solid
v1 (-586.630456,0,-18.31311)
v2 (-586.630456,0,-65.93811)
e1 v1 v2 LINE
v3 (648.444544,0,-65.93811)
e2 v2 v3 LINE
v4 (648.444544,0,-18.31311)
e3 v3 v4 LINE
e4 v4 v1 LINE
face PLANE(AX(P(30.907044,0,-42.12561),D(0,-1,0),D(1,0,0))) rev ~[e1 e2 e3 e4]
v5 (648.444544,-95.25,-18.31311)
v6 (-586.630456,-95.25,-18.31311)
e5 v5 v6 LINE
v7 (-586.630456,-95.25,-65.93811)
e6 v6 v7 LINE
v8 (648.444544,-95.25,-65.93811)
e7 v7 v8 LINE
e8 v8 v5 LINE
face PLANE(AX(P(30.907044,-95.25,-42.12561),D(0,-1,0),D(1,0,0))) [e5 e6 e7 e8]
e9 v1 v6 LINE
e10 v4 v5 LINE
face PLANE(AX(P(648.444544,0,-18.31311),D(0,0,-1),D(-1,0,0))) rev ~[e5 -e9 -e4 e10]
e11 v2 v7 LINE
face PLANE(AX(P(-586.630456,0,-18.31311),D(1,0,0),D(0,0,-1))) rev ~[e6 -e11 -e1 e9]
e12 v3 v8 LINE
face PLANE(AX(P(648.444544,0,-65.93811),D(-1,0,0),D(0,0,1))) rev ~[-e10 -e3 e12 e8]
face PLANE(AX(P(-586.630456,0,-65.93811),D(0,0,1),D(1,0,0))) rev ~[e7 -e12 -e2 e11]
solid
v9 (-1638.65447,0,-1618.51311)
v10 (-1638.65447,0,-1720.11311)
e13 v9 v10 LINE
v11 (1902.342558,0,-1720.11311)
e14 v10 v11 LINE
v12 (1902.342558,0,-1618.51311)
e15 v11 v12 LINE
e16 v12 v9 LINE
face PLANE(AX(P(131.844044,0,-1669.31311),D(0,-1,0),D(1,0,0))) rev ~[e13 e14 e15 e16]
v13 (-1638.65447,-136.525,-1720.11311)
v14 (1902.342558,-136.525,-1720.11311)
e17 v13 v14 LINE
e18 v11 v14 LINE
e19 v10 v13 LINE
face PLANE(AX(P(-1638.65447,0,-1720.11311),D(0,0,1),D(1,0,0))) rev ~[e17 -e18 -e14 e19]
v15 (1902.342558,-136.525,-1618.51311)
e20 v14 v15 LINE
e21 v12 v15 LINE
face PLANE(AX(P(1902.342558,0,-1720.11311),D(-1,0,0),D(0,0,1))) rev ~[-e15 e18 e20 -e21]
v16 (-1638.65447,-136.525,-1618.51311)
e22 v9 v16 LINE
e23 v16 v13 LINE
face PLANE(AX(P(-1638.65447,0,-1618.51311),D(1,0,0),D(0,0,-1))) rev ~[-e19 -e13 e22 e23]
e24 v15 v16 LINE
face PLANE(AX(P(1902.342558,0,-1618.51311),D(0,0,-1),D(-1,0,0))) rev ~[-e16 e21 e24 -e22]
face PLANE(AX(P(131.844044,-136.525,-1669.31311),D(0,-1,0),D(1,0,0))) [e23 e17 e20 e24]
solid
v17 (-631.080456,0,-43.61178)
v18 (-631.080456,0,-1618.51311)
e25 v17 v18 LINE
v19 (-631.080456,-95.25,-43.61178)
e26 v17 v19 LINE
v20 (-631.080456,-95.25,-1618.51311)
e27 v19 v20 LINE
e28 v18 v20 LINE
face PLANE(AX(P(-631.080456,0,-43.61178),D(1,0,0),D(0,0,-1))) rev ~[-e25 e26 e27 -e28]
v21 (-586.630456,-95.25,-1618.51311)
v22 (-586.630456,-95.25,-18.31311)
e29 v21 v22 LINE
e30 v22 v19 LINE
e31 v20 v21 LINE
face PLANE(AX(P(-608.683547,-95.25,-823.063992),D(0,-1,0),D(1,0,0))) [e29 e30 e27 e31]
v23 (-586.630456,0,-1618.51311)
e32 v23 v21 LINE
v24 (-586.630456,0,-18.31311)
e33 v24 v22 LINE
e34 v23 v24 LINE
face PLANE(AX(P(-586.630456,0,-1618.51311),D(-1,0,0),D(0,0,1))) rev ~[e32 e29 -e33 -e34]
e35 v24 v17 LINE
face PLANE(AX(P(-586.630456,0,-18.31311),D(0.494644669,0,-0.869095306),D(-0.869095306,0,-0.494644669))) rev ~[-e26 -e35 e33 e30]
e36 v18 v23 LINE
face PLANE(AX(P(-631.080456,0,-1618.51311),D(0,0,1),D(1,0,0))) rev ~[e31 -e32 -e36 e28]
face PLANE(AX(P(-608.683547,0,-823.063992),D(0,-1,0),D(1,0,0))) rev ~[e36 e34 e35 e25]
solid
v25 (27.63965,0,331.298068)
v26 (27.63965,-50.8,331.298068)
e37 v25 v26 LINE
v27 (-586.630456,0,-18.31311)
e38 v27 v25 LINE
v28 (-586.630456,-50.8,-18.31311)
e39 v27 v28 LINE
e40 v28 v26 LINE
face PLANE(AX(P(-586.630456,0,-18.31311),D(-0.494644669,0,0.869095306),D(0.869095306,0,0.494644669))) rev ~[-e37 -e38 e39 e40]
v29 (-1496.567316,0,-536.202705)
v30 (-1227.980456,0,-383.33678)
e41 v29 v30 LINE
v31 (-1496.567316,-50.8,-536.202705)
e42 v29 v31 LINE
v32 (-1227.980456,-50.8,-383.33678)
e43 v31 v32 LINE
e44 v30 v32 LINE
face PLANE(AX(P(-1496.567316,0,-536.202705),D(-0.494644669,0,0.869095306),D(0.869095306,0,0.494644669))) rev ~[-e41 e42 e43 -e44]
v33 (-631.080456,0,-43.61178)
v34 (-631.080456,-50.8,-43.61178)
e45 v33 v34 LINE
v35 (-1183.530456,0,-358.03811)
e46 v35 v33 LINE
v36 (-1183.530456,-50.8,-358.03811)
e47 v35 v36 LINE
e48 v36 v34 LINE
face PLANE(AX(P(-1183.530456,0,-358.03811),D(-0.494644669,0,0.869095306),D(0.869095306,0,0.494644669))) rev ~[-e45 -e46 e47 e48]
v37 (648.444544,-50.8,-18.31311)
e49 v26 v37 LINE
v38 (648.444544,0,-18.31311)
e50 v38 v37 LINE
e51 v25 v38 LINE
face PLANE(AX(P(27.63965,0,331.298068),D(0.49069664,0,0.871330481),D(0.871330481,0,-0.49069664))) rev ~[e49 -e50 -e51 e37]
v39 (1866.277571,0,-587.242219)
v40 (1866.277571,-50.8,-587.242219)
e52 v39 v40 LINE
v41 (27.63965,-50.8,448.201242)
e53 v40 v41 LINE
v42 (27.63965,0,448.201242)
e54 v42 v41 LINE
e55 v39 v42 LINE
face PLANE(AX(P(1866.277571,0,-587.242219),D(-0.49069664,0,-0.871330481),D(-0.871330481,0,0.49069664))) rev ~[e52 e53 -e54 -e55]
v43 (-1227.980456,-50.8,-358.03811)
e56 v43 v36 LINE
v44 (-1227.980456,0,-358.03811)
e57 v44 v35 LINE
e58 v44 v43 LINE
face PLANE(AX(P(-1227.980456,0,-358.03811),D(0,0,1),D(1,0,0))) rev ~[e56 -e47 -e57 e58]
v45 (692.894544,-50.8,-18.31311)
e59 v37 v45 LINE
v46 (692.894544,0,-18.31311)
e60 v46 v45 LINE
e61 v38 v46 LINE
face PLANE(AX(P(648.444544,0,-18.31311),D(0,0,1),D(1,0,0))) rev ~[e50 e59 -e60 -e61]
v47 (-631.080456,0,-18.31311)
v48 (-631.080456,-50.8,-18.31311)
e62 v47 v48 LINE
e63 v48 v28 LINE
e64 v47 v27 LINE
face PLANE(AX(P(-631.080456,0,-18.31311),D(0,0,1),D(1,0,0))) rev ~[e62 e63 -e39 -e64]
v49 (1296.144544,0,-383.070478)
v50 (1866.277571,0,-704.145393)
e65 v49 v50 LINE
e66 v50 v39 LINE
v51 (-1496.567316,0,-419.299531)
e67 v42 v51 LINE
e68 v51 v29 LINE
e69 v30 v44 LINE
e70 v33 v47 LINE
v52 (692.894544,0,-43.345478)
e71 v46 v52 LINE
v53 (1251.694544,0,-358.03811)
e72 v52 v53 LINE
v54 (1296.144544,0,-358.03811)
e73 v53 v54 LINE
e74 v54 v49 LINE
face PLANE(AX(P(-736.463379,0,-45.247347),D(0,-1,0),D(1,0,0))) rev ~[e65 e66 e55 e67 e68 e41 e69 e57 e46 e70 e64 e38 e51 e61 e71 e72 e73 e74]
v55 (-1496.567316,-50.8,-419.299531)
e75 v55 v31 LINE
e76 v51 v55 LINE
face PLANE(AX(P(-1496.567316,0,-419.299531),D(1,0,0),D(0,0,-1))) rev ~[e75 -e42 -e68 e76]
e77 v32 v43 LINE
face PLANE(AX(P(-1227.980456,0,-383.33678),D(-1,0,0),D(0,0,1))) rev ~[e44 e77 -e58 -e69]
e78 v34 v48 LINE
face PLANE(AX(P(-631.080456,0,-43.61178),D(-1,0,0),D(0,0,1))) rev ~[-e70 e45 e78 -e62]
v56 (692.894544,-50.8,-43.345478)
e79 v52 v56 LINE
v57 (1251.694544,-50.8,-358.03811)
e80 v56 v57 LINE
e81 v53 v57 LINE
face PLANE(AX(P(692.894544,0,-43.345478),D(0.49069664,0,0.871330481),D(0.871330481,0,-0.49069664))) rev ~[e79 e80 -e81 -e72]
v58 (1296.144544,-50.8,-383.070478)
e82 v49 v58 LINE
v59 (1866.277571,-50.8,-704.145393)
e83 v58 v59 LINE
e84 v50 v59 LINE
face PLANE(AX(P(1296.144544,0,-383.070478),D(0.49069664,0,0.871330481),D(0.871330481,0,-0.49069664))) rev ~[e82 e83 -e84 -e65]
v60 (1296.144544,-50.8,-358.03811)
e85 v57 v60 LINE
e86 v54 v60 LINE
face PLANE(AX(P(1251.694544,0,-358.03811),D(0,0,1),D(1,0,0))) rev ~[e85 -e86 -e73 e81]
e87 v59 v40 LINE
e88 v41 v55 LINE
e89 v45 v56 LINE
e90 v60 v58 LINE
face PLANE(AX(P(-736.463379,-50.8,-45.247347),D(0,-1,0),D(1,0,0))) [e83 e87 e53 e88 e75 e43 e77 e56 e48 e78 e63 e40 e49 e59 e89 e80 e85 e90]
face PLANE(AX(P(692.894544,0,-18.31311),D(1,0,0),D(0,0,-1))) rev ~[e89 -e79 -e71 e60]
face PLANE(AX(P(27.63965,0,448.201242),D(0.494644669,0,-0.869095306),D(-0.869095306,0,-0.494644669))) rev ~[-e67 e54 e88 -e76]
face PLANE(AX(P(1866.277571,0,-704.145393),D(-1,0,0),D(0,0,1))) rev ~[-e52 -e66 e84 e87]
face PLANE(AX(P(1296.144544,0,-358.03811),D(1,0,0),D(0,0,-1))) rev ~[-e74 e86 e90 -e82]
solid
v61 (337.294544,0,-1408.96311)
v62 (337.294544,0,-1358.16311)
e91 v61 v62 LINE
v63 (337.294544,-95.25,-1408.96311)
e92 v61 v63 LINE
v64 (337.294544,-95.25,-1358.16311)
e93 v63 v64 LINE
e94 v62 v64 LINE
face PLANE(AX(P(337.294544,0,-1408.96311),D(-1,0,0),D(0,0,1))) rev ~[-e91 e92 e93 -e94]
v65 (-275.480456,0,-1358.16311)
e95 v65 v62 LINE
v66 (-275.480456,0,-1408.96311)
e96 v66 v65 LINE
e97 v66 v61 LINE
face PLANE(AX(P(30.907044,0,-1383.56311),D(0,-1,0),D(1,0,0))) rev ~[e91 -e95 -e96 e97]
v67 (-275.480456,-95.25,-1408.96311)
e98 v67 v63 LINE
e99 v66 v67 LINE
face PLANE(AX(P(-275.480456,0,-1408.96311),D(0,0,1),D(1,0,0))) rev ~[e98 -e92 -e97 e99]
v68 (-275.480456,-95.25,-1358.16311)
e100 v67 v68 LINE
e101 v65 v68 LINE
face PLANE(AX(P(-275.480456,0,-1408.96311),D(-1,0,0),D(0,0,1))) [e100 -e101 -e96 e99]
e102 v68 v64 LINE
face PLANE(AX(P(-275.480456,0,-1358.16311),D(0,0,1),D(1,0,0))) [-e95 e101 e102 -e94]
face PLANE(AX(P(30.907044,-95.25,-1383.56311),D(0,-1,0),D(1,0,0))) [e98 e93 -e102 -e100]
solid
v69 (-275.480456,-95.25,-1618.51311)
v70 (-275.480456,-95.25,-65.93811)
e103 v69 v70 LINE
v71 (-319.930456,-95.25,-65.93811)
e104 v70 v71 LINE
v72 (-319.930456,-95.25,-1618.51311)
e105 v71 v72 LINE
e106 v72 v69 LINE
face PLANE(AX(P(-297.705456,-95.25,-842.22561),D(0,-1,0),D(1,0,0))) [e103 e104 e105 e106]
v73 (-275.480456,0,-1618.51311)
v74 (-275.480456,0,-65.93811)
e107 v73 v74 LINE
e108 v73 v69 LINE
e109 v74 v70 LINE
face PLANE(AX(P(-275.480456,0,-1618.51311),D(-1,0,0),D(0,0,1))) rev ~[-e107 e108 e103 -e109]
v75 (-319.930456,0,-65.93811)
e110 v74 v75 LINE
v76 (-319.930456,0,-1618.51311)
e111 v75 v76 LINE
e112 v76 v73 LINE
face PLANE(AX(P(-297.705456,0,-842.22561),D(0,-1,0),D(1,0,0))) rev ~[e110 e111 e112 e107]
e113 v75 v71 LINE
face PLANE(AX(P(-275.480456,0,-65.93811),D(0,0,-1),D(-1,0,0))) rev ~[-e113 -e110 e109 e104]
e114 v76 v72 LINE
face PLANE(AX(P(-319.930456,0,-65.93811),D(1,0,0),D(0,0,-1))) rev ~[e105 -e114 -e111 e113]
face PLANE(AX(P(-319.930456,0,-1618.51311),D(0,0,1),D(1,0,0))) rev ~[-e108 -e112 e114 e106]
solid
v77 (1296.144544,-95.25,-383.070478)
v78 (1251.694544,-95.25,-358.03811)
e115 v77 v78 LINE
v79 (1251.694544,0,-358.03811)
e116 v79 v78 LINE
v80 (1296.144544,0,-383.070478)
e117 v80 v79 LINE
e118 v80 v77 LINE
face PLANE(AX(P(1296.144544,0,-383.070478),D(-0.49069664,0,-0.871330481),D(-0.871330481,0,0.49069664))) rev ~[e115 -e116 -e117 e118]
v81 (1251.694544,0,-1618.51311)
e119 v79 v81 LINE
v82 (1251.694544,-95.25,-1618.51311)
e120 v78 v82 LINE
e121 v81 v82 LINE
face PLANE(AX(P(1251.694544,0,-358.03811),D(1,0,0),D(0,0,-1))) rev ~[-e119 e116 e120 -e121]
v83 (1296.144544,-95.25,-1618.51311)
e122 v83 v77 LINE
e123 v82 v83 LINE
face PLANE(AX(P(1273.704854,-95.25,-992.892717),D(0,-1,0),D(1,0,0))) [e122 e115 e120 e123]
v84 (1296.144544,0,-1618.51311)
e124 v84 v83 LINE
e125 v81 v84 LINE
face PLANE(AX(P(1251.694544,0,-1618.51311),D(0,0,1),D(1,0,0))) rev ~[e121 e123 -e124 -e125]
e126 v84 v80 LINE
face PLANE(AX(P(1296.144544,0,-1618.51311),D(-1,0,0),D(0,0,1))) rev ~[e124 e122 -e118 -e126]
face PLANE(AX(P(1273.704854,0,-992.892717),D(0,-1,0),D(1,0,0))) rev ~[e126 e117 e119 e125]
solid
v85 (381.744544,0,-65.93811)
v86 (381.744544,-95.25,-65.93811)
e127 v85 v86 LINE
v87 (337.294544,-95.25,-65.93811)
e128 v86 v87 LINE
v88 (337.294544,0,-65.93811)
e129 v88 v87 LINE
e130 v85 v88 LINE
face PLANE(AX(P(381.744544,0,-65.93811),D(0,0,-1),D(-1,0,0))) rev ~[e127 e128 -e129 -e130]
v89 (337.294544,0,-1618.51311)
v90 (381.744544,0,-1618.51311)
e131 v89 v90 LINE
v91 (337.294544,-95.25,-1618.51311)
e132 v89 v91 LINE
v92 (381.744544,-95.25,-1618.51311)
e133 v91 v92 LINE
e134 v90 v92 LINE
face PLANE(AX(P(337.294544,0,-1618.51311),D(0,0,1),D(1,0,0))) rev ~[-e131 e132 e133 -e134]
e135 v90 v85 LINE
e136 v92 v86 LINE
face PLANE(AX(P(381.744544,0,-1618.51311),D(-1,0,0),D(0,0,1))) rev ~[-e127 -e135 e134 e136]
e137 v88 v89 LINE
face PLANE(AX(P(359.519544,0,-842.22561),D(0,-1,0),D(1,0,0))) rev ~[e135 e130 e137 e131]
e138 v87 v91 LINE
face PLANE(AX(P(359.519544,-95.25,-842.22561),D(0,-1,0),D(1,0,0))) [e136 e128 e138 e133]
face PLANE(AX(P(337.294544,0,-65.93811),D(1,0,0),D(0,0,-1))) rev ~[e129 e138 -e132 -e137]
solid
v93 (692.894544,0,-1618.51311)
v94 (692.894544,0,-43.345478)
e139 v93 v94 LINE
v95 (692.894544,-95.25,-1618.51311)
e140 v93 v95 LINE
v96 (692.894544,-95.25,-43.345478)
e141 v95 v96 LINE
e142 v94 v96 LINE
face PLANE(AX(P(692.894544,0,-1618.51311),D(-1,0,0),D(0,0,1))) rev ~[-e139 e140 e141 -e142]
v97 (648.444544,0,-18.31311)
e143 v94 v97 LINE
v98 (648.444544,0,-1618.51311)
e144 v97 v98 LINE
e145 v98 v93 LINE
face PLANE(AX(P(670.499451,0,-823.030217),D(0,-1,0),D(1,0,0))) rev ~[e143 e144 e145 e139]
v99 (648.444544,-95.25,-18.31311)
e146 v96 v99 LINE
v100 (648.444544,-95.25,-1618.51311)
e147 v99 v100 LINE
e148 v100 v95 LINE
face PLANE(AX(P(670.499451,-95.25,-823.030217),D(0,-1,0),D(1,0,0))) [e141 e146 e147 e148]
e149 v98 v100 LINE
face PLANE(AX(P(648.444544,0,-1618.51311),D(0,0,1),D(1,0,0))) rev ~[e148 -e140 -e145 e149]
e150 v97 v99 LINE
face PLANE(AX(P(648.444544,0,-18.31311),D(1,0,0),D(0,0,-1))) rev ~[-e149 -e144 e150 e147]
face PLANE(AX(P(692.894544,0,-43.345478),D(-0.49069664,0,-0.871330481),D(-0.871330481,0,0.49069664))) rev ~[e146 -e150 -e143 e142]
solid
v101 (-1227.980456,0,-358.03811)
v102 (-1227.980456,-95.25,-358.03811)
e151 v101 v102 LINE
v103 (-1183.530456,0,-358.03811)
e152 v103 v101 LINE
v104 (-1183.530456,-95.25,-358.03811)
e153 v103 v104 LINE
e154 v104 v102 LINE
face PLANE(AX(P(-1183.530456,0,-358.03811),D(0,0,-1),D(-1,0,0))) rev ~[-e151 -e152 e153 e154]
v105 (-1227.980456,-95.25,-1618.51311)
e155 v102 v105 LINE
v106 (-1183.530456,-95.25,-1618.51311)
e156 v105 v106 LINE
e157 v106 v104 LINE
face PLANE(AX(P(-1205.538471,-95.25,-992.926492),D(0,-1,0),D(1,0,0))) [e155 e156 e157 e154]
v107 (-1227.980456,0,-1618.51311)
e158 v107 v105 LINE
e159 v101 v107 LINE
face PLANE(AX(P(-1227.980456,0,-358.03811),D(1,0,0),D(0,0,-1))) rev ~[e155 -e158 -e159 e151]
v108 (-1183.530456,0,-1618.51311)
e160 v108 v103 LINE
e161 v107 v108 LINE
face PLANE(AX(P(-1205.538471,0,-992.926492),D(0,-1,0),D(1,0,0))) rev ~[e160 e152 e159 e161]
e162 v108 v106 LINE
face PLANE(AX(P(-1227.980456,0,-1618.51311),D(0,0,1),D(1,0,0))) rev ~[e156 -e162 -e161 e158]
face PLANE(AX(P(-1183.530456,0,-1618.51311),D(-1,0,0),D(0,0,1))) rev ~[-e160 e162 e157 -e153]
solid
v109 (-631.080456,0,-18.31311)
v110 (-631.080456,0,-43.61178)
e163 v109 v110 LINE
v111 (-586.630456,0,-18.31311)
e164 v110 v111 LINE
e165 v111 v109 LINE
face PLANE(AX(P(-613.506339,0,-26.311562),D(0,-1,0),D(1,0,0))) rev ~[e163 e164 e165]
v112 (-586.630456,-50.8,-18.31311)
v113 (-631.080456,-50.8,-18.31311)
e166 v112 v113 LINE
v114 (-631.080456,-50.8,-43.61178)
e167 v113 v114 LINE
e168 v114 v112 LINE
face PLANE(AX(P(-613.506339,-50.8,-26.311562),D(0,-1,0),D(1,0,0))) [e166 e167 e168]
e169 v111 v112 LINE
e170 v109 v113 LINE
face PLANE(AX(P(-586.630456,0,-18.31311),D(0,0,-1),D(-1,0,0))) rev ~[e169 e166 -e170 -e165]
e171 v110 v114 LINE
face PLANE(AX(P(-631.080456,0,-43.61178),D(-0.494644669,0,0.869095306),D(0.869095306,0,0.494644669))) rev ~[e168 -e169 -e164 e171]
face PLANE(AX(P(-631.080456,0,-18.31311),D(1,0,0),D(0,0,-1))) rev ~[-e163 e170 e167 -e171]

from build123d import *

# Parameters (mm, degrees)
F1_DEPTH = 50.8
F2_DEPTH = 95.25
F0_W     = 612.775
F0_H     = 50.8
F3_DEPTH = 95.25
F0_W_2   = 266.7
F0_H_2   = 1552.575
F4_DEPTH = 25.4
F0_H_3   = 1292.225
F5_DEPTH = 25.4
F6_DEPTH = 95.25
F7_DEPTH = 136.525
F8_DEPTH = 50.8


with BuildPart() as f1:
    # F0 (on Front) → F1 (new body)
    with BuildSketch(Plane.XZ):
        Polygon((-631.0804562256, -18.3131096094), (-586.6304562256, -18.3131096094), (27.6396495945, 331.2980676392), (27.6396495945, 448.2012418529), (-1496.5673157797, -419.299530993), (-1496.5673157797, -536.2027052067), (-1227.9804562256, -383.3367798222), (-1227.9804562256, -358.0381096094), (-1183.5304562256, -358.0381096094), (-631.0804562256, -43.6117798222), align=None)
        Polygon((27.6396495945, 331.2980676392), (648.4445437744, -18.3131096094), (692.8945437744, -18.3131096094), (692.8945437744, -43.3454780305), (1251.6945437744, -358.0381096094), (1296.1445437744, -358.0381096094), (1296.1445437744, -383.0704780305), (1866.2775707549, -704.1453932248), (1866.2775707549, -587.2422190111), (27.6396495945, 448.2012418529), align=None)
    extrude(amount=F1_DEPTH)

    # F0 (on Front) → F4 (cut)
    with BuildSketch(Plane.XZ):
        with Locations((-453.2804562256, -842.2256096094)):
            Rectangle(F0_W_2, F0_H_2)
    extrude(amount=-F4_DEPTH, mode=Mode.SUBTRACT)

    # F0 (on Front) → F5 (cut)
    with BuildSketch(Plane.XZ):
        with Locations((30.9070437744, -712.0506096094)):
            Rectangle(F0_W, F0_H_3)
    extrude(amount=-F5_DEPTH, mode=Mode.SUBTRACT)


with BuildPart() as f2:
    # F0 (on Front) → F2 (new body)
    with BuildSketch(Plane.XZ):
        Polygon((648.4445437744, -18.3131096094), (-586.6304562256, -18.3131096094), (-586.6304562256, -65.9381096094), (-319.9304562256, -65.9381096094), (-275.4804562256, -65.9381096094), (337.2945437744, -65.9381096094), (381.7445437744, -65.9381096094), (648.4445437744, -65.9381096094), align=None)
    extrude(amount=F2_DEPTH)


with BuildPart() as f3:
    # F0 (on Front) → F3 (new body)
    with BuildSketch(Plane.XZ):
        with Locations((30.9070437744, -1383.5631096094)):
            Rectangle(F0_W, F0_H)
    extrude(amount=F3_DEPTH)


with BuildPart() as f6:
    # F0 (on Front) → F6 (new body)
    with BuildSketch(Plane.XZ):
        Polygon((-1183.5304562256, -1618.5131096094), (-1183.5304562256, -358.0381096094), (-1227.9804562256, -383.3367798222), (-1227.9804562256, -1618.5131096094), align=None)
        Polygon((-1227.9804562256, -383.3367798222), (-1183.5304562256, -358.0381096094), (-1227.9804562256, -358.0381096094), align=None)
    extrude(amount=F6_DEPTH)


with BuildPart() as f6b:
    # F0 (on Front) → F6, piece 2 (new body)
    with BuildSketch(Plane.XZ):
        Polygon((-586.6304562256, -65.9381096094), (-586.6304562256, -18.3131096094), (-631.0804562256, -43.6117798222), (-631.0804562256, -1618.5131096094), (-586.6304562256, -1618.5131096094), align=None)
    extrude(amount=F6_DEPTH)


with BuildPart() as f6c:
    # F0 (on Front) → F6, piece 3 (new body)
    with BuildSketch(Plane.XZ):
        Polygon((-275.4804562256, -65.9381096094), (-319.9304562256, -65.9381096094), (-319.9304562256, -1618.5131096094), (-275.4804562256, -1618.5131096094), (-275.4804562256, -1408.9631096094), (-275.4804562256, -1358.1631096094), align=None)
    extrude(amount=F6_DEPTH)


with BuildPart() as f6d:
    # F0 (on Front) → F6, piece 4 (new body)
    with BuildSketch(Plane.XZ):
        Polygon((381.7445437744, -1618.5131096094), (381.7445437744, -65.9381096094), (337.2945437744, -65.9381096094), (337.2945437744, -1358.1631096094), (337.2945437744, -1408.9631096094), (337.2945437744, -1618.5131096094), align=None)
    extrude(amount=F6_DEPTH)


with BuildPart() as f6e:
    # F0 (on Front) → F6, piece 5 (new body)
    with BuildSketch(Plane.XZ):
        Polygon((692.8945437744, -43.3454780305), (648.4445437744, -18.3131096094), (648.4445437744, -65.9381096094), (648.4445437744, -1618.5131096094), (692.8945437744, -1618.5131096094), align=None)
    extrude(amount=F6_DEPTH)


with BuildPart() as f6f:
    # F0 (on Front) → F6, piece 6 (new body)
    with BuildSketch(Plane.XZ):
        Polygon((1296.1445437744, -383.0704780305), (1251.6945437744, -358.0381096094), (1251.6945437744, -1618.5131096094), (1296.1445437744, -1618.5131096094), align=None)
    extrude(amount=F6_DEPTH)


with BuildPart() as f7:
    # F0 (on Front) → F7 (new body)
    with BuildSketch(Plane.XZ):
        Polygon((-319.9304562256, -1618.5131096094), (-586.6304562256, -1618.5131096094), (-631.0804562256, -1618.5131096094), (-1183.5304562256, -1618.5131096094), (-1227.9804562256, -1618.5131096094), (-1638.6544704437, -1618.5131096094), (-1638.6544704437, -1720.1131096094), (1902.3425579071, -1720.1131096094), (1902.3425579071, -1618.5131096094), (1296.1445437744, -1618.5131096094), (1251.6945437744, -1618.5131096094), (692.8945437744, -1618.5131096094), (648.4445437744, -1618.5131096094), (381.7445437744, -1618.5131096094), (337.2945437744, -1618.5131096094), (-275.4804562256, -1618.5131096094), align=None)
    extrude(amount=F7_DEPTH)


with BuildPart() as f8:
    # F0 (on Front) → F8 (new body)
    with BuildSketch(Plane.XZ):
        Polygon((-631.0804562256, -43.6117798222), (-586.6304562256, -18.3131096094), (-631.0804562256, -18.3131096094), align=None)
    extrude(amount=F8_DEPTH)


solid = Compound([f1.part, f2.part, f3.part, f6.part, f6b.part, f6c.part, f6d.part, f6e.part, f6f.part, f7.part, f8.part])
